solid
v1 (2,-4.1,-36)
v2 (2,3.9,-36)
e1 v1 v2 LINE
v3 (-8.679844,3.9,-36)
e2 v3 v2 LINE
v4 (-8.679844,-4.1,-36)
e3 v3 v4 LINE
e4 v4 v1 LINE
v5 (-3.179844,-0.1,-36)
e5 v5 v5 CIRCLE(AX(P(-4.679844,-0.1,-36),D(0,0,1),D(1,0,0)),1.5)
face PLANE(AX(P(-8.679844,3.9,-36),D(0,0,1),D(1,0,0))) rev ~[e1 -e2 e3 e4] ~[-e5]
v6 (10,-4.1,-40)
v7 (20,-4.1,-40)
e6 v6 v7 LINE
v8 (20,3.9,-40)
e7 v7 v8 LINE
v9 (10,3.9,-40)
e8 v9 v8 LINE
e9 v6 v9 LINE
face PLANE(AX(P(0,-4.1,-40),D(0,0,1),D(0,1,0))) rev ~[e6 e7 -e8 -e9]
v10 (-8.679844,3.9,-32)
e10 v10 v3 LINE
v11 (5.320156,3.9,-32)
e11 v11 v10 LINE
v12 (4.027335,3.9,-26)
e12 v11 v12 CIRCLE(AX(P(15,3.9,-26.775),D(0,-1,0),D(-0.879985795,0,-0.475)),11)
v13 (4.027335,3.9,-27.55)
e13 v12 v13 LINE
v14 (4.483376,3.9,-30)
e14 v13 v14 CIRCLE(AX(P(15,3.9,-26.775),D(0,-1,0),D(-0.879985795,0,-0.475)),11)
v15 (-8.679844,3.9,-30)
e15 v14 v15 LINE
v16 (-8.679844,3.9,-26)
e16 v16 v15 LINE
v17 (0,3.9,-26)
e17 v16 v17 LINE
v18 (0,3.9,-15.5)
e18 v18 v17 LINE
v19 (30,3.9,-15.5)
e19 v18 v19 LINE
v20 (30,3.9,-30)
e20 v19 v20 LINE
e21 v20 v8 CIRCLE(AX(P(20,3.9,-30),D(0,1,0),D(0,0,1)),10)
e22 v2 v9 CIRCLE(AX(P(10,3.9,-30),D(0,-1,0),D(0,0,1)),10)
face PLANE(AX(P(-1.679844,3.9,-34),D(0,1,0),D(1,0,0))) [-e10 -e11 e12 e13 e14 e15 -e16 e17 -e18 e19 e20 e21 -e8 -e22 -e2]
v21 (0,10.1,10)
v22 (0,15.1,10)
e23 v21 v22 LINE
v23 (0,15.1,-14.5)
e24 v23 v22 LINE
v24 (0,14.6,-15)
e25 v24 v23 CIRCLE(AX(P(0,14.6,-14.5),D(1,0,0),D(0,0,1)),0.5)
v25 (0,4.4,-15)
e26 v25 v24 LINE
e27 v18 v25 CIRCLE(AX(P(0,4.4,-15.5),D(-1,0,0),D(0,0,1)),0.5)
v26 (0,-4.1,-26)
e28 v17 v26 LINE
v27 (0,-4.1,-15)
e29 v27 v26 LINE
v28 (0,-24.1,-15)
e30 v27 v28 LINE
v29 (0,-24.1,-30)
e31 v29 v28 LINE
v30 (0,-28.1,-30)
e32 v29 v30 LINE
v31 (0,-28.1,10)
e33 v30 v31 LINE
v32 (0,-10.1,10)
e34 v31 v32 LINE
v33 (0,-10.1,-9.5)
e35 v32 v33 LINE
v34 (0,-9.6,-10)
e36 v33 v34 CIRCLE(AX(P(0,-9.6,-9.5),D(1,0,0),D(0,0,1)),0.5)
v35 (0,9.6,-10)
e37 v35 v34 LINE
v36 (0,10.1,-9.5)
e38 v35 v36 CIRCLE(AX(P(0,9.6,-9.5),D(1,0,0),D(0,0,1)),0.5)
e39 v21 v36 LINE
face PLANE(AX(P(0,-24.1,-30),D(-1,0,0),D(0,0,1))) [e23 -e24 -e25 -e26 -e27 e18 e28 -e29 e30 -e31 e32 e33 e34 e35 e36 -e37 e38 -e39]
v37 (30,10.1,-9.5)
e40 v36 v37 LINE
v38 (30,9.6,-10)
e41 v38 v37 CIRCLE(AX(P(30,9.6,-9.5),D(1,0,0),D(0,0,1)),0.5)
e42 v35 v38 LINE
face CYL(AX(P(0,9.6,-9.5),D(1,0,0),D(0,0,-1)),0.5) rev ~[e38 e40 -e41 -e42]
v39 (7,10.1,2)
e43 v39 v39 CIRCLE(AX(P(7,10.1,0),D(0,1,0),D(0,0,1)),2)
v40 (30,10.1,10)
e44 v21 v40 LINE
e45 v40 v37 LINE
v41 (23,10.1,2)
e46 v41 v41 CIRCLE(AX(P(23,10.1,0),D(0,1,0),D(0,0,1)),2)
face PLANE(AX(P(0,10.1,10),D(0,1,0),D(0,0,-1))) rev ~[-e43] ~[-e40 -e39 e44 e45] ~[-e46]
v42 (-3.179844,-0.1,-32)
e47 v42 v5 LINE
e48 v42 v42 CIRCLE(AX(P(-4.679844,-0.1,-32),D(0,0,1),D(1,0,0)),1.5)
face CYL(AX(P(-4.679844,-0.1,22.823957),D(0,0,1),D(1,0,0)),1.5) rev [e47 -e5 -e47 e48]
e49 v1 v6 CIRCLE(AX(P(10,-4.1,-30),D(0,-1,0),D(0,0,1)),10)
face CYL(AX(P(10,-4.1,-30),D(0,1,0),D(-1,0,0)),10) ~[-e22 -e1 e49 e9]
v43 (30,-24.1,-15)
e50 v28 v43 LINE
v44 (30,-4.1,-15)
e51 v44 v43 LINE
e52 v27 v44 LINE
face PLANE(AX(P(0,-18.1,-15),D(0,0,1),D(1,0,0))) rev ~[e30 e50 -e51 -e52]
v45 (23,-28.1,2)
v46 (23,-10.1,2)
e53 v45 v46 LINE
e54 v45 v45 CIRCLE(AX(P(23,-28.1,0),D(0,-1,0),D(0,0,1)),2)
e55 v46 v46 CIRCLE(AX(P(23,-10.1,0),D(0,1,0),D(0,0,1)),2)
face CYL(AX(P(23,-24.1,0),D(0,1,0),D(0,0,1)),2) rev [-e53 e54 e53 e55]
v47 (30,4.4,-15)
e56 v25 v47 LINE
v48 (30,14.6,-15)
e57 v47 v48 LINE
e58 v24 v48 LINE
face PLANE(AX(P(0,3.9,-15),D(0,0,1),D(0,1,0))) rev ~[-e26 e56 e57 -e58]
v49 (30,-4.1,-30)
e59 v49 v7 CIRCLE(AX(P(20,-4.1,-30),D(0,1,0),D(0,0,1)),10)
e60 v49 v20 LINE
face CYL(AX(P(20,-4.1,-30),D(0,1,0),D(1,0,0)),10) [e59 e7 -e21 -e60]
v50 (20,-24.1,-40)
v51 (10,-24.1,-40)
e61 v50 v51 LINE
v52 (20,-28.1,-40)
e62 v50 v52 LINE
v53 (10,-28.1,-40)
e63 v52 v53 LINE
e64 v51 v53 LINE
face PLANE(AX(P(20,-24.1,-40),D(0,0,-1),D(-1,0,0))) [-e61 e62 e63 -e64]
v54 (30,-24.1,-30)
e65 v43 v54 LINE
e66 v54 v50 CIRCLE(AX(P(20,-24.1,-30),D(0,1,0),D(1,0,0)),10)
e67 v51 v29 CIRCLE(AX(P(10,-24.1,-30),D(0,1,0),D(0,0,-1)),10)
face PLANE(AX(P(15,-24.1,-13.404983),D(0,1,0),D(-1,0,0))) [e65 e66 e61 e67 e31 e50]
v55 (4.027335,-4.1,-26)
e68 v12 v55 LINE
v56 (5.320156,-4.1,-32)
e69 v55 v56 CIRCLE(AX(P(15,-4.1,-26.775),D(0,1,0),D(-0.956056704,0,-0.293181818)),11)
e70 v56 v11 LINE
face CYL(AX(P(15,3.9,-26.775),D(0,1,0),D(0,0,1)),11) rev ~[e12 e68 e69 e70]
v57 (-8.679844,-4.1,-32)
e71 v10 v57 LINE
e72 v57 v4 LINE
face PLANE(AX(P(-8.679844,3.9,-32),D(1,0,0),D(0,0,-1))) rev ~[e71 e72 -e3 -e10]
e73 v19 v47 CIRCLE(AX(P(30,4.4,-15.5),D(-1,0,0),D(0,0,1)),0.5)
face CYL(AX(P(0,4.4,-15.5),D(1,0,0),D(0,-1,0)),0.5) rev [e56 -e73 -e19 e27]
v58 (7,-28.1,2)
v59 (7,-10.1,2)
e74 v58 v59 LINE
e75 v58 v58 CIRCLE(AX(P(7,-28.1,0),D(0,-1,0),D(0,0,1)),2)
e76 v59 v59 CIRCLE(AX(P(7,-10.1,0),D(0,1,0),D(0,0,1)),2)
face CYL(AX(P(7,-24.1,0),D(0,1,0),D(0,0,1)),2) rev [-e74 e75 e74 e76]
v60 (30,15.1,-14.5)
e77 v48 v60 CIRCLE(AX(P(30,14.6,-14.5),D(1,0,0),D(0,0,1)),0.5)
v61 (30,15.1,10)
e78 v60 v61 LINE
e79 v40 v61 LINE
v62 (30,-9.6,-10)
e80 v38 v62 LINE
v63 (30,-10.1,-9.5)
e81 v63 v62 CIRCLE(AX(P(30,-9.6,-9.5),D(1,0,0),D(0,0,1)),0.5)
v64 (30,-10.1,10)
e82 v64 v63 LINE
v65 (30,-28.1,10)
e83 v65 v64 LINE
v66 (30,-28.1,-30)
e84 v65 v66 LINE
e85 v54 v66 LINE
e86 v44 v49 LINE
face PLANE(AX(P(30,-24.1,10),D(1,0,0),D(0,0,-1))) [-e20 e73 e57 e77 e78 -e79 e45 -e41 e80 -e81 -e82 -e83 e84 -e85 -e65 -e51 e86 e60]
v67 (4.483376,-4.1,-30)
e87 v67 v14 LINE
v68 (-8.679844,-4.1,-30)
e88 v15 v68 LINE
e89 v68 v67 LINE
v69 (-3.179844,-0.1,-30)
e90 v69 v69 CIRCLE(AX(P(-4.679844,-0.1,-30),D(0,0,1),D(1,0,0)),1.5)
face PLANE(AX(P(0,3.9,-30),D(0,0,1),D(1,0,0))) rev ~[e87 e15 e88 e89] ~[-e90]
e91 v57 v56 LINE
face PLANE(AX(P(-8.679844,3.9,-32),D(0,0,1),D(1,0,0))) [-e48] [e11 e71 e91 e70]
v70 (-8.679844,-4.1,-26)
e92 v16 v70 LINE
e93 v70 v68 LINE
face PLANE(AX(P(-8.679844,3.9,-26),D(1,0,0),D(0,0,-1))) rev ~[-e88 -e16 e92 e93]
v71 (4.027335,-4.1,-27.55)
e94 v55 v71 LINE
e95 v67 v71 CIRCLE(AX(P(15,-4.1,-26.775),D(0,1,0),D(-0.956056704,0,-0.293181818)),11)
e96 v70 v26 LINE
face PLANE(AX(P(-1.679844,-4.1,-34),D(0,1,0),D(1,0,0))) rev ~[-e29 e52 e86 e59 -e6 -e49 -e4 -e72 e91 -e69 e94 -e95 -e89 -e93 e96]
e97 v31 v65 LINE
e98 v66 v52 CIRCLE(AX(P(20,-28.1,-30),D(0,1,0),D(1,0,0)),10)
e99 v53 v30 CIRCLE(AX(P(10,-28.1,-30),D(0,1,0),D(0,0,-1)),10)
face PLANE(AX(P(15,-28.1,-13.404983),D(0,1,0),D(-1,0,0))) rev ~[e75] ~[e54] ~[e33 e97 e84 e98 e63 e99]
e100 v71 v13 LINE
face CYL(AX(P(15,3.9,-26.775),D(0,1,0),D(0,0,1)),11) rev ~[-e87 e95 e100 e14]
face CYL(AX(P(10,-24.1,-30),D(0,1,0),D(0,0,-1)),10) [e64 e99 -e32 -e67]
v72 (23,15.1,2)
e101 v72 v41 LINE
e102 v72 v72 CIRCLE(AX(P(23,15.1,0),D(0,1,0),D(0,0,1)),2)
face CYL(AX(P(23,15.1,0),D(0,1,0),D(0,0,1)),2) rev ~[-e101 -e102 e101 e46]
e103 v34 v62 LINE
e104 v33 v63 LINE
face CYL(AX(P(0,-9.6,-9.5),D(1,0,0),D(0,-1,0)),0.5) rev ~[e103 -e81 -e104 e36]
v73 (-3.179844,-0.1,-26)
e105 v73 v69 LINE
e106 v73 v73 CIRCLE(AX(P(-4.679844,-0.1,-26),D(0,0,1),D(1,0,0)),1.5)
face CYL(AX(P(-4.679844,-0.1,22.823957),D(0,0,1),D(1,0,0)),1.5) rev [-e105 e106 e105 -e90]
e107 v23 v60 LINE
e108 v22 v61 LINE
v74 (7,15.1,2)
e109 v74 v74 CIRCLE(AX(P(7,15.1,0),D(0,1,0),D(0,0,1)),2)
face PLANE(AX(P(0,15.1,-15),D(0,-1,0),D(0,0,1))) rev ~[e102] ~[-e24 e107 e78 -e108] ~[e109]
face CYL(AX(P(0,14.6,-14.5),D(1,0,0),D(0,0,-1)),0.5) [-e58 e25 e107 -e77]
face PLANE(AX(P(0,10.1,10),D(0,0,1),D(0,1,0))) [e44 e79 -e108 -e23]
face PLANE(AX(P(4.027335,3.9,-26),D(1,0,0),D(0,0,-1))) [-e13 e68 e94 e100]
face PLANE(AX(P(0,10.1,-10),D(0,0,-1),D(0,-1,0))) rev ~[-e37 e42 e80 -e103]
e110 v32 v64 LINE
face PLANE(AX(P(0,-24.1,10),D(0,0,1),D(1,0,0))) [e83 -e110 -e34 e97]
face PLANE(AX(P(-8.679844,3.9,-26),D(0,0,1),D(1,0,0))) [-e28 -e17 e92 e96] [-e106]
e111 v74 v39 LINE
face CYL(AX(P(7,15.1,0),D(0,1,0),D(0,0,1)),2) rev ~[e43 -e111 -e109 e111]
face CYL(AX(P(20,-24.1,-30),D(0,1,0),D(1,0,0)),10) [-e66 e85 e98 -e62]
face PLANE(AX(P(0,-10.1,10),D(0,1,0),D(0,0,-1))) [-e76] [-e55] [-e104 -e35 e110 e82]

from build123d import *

# Parameters (mm, degrees)
SKETCH2_W               = 30
SKETCH2_H               = 8
SKETCH2_W_2             = 20
SKETCH2_H_2             = 5
BOSS_EXTRUDE1_DEPTH     = 30
SKETCH3_R               = 11
CUT_EXTRUDE1_DEPTH      = 55.626001135
FILLET1_R               = 10
FILLET2_R               = 0.5
SKETCH4_R               = 2
CUT_EXTRUDE2_DEPTH      = 61.018663764
SKETCH5_W               = 6
SKETCH5_H               = 2
CUT_EXTRUDE3_DEPTH      = 55.626001135
SKETCH6_W               = 14
SKETCH6_H               = 4
SKETCH6_W_2             = 12.707178849
BOSS_EXTRUDE2_DEPTH     = 8
CUT_EXTRUDE4_DEPTH      = 58.823956973
CUT_EXTRUDE4_DEPTH_BACK = 58.823956973
SKETCH7_R               = 1.5
SKETCH8_W               = 30
SKETCH8_H               = 25
SKETCH8_R               = 2
BOSS_EXTRUDE3_DEPTH     = 6
SKETCH9_R               = 2
BOSS_EXTRUDE4_DEPTH     = 4


with BuildPart() as part:
    # Sketch2 → Boss-Extrude1 (new body)
    with BuildSketch(Plane(origin=(0, 0, 0), x_dir=(0, 0, -1), z_dir=(1, 0, 0))):
        with Locations((25, -0.1)):
            Rectangle(SKETCH2_W, SKETCH2_H)
        Polygon((10, 15.1), (10, 10.1), (10, 3.9), (15, 3.9), (15, 15.1), align=None)
        with Locations((0, 12.6)):
            Rectangle(SKETCH2_W_2, SKETCH2_H_2)
        with Locations((0, -14.1)):
            Rectangle(SKETCH2_W_2, SKETCH2_H)
        Polygon((15, -4.1), (10, -4.1), (10, -10.1), (10, -18.1), (15, -18.1), align=None)
    extrude(amount=BOSS_EXTRUDE1_DEPTH)

    # Sketch3 → Cut-Extrude1 (cut, through all)
    with BuildSketch(Plane(origin=(0, 3.9, 0), x_dir=(1, 0, 0), z_dir=(0, 1, 0))):
        with Locations(Location((15, 26.775, 0), (0, 0, 270))):
            Circle(SKETCH3_R)
    extrude(amount=-CUT_EXTRUDE1_DEPTH, mode=Mode.SUBTRACT)

    # Fillet1
    fillet1_edges = [part.edges().sort_by_distance(p)[0] for p in [
        (0, -0.1, -40),
        (30, -0.1, -40),
    ]]
    fillet(fillet1_edges, radius=FILLET1_R)

    # Fillet2
    fillet2_edges = [part.edges().sort_by_distance(p)[0] for p in [
        (15, -10.1, -10),
        (15, 10.1, -10),
        (15, 15.1, -15),
        (15, 3.9, -15),
    ]]
    fillet(fillet2_edges, radius=FILLET2_R)

    # Sketch4 → Cut-Extrude2 (cut, through all)
    with BuildSketch(Plane(origin=(0, 15.1, 0), x_dir=(1, 0, 0), z_dir=(0, 1, 0))):
        with Locations(Location((7, 0, 0), (0, 0, 270))):
            Circle(SKETCH4_R)
        with Locations(Location((23, 0, 0), (0, 0, 270))):
            Circle(SKETCH4_R)
    extrude(amount=-CUT_EXTRUDE2_DEPTH, mode=Mode.SUBTRACT)

    # Sketch5 → Cut-Extrude3 (cut, through all)
    with BuildSketch(Plane(origin=(0, 3.9, 0), x_dir=(1, 0, 0), z_dir=(0, 1, 0))):
        with Locations((3, 31)):
            Rectangle(SKETCH5_W, SKETCH5_H)
    extrude(amount=-CUT_EXTRUDE3_DEPTH, mode=Mode.SUBTRACT)

    # Sketch6 → Boss-Extrude2 (add)
    with BuildSketch(Plane(origin=(0, 3.9, 0), x_dir=(1, 0, 0), z_dir=(0, 1, 0))):
        with Locations((-1.679843749, 34)):
            Rectangle(SKETCH6_W, SKETCH6_H)
        with Locations((-2.326254324, 28)):
            Rectangle(SKETCH6_W_2, SKETCH6_H)
    extrude(amount=-BOSS_EXTRUDE2_DEPTH)

    # Sketch7 → Cut-Extrude4 (cut, two sides: drawn at the far end of the back side and taken through both)
    with BuildSketch(Plane(origin=(0, 0, -36), x_dir=(-1, 0, 0), z_dir=(0, 0, -1)).offset(-CUT_EXTRUDE4_DEPTH_BACK)):
        with Locations(Location((4.679843749, -0.1, 0), (0, 0, 180))):
            Circle(SKETCH7_R)
    extrude(amount=CUT_EXTRUDE4_DEPTH + CUT_EXTRUDE4_DEPTH_BACK, mode=Mode.SUBTRACT)

    # Sketch8 → Boss-Extrude3 (add)
    with BuildSketch(Plane.XZ.offset(18.1)):
        with Locations((15, -2.5)):
            Rectangle(SKETCH8_W, SKETCH8_H)
        with Locations(Location((7, 0, 0), (0, 0, 90))):
            Circle(SKETCH8_R, mode=Mode.SUBTRACT)
        with Locations(Location((23, 0, 0), (0, 0, 90))):
            Circle(SKETCH8_R, mode=Mode.SUBTRACT)
    extrude(amount=BOSS_EXTRUDE3_DEPTH)

    # Sketch9 → Boss-Extrude4 (add)
    with BuildSketch(Plane.XZ.offset(24.1)):
        with BuildLine():
            Line((0, -30), (0, -15))
            Line((0, -15), (0, 10))
            Line((0, 10), (30, 10))
            Line((30, 10), (30, -15))
            Line((30, -15), (30, -30))
            ThreePointArc((30, -30), (27.071067812, -37.071067812), (20, -40))
            Line((20, -40), (10, -40))
            ThreePointArc((10, -40), (2.928932188, -37.071067812), (0, -30))
        make_face()
        with Locations(Location((7, 0, 0), (0, 0, 90))):
            Circle(SKETCH9_R, mode=Mode.SUBTRACT)
        with Locations(Location((23, 0, 0), (0, 0, 90))):
            Circle(SKETCH9_R, mode=Mode.SUBTRACT)
    extrude(amount=BOSS_EXTRUDE4_DEPTH)


solid = part.part
